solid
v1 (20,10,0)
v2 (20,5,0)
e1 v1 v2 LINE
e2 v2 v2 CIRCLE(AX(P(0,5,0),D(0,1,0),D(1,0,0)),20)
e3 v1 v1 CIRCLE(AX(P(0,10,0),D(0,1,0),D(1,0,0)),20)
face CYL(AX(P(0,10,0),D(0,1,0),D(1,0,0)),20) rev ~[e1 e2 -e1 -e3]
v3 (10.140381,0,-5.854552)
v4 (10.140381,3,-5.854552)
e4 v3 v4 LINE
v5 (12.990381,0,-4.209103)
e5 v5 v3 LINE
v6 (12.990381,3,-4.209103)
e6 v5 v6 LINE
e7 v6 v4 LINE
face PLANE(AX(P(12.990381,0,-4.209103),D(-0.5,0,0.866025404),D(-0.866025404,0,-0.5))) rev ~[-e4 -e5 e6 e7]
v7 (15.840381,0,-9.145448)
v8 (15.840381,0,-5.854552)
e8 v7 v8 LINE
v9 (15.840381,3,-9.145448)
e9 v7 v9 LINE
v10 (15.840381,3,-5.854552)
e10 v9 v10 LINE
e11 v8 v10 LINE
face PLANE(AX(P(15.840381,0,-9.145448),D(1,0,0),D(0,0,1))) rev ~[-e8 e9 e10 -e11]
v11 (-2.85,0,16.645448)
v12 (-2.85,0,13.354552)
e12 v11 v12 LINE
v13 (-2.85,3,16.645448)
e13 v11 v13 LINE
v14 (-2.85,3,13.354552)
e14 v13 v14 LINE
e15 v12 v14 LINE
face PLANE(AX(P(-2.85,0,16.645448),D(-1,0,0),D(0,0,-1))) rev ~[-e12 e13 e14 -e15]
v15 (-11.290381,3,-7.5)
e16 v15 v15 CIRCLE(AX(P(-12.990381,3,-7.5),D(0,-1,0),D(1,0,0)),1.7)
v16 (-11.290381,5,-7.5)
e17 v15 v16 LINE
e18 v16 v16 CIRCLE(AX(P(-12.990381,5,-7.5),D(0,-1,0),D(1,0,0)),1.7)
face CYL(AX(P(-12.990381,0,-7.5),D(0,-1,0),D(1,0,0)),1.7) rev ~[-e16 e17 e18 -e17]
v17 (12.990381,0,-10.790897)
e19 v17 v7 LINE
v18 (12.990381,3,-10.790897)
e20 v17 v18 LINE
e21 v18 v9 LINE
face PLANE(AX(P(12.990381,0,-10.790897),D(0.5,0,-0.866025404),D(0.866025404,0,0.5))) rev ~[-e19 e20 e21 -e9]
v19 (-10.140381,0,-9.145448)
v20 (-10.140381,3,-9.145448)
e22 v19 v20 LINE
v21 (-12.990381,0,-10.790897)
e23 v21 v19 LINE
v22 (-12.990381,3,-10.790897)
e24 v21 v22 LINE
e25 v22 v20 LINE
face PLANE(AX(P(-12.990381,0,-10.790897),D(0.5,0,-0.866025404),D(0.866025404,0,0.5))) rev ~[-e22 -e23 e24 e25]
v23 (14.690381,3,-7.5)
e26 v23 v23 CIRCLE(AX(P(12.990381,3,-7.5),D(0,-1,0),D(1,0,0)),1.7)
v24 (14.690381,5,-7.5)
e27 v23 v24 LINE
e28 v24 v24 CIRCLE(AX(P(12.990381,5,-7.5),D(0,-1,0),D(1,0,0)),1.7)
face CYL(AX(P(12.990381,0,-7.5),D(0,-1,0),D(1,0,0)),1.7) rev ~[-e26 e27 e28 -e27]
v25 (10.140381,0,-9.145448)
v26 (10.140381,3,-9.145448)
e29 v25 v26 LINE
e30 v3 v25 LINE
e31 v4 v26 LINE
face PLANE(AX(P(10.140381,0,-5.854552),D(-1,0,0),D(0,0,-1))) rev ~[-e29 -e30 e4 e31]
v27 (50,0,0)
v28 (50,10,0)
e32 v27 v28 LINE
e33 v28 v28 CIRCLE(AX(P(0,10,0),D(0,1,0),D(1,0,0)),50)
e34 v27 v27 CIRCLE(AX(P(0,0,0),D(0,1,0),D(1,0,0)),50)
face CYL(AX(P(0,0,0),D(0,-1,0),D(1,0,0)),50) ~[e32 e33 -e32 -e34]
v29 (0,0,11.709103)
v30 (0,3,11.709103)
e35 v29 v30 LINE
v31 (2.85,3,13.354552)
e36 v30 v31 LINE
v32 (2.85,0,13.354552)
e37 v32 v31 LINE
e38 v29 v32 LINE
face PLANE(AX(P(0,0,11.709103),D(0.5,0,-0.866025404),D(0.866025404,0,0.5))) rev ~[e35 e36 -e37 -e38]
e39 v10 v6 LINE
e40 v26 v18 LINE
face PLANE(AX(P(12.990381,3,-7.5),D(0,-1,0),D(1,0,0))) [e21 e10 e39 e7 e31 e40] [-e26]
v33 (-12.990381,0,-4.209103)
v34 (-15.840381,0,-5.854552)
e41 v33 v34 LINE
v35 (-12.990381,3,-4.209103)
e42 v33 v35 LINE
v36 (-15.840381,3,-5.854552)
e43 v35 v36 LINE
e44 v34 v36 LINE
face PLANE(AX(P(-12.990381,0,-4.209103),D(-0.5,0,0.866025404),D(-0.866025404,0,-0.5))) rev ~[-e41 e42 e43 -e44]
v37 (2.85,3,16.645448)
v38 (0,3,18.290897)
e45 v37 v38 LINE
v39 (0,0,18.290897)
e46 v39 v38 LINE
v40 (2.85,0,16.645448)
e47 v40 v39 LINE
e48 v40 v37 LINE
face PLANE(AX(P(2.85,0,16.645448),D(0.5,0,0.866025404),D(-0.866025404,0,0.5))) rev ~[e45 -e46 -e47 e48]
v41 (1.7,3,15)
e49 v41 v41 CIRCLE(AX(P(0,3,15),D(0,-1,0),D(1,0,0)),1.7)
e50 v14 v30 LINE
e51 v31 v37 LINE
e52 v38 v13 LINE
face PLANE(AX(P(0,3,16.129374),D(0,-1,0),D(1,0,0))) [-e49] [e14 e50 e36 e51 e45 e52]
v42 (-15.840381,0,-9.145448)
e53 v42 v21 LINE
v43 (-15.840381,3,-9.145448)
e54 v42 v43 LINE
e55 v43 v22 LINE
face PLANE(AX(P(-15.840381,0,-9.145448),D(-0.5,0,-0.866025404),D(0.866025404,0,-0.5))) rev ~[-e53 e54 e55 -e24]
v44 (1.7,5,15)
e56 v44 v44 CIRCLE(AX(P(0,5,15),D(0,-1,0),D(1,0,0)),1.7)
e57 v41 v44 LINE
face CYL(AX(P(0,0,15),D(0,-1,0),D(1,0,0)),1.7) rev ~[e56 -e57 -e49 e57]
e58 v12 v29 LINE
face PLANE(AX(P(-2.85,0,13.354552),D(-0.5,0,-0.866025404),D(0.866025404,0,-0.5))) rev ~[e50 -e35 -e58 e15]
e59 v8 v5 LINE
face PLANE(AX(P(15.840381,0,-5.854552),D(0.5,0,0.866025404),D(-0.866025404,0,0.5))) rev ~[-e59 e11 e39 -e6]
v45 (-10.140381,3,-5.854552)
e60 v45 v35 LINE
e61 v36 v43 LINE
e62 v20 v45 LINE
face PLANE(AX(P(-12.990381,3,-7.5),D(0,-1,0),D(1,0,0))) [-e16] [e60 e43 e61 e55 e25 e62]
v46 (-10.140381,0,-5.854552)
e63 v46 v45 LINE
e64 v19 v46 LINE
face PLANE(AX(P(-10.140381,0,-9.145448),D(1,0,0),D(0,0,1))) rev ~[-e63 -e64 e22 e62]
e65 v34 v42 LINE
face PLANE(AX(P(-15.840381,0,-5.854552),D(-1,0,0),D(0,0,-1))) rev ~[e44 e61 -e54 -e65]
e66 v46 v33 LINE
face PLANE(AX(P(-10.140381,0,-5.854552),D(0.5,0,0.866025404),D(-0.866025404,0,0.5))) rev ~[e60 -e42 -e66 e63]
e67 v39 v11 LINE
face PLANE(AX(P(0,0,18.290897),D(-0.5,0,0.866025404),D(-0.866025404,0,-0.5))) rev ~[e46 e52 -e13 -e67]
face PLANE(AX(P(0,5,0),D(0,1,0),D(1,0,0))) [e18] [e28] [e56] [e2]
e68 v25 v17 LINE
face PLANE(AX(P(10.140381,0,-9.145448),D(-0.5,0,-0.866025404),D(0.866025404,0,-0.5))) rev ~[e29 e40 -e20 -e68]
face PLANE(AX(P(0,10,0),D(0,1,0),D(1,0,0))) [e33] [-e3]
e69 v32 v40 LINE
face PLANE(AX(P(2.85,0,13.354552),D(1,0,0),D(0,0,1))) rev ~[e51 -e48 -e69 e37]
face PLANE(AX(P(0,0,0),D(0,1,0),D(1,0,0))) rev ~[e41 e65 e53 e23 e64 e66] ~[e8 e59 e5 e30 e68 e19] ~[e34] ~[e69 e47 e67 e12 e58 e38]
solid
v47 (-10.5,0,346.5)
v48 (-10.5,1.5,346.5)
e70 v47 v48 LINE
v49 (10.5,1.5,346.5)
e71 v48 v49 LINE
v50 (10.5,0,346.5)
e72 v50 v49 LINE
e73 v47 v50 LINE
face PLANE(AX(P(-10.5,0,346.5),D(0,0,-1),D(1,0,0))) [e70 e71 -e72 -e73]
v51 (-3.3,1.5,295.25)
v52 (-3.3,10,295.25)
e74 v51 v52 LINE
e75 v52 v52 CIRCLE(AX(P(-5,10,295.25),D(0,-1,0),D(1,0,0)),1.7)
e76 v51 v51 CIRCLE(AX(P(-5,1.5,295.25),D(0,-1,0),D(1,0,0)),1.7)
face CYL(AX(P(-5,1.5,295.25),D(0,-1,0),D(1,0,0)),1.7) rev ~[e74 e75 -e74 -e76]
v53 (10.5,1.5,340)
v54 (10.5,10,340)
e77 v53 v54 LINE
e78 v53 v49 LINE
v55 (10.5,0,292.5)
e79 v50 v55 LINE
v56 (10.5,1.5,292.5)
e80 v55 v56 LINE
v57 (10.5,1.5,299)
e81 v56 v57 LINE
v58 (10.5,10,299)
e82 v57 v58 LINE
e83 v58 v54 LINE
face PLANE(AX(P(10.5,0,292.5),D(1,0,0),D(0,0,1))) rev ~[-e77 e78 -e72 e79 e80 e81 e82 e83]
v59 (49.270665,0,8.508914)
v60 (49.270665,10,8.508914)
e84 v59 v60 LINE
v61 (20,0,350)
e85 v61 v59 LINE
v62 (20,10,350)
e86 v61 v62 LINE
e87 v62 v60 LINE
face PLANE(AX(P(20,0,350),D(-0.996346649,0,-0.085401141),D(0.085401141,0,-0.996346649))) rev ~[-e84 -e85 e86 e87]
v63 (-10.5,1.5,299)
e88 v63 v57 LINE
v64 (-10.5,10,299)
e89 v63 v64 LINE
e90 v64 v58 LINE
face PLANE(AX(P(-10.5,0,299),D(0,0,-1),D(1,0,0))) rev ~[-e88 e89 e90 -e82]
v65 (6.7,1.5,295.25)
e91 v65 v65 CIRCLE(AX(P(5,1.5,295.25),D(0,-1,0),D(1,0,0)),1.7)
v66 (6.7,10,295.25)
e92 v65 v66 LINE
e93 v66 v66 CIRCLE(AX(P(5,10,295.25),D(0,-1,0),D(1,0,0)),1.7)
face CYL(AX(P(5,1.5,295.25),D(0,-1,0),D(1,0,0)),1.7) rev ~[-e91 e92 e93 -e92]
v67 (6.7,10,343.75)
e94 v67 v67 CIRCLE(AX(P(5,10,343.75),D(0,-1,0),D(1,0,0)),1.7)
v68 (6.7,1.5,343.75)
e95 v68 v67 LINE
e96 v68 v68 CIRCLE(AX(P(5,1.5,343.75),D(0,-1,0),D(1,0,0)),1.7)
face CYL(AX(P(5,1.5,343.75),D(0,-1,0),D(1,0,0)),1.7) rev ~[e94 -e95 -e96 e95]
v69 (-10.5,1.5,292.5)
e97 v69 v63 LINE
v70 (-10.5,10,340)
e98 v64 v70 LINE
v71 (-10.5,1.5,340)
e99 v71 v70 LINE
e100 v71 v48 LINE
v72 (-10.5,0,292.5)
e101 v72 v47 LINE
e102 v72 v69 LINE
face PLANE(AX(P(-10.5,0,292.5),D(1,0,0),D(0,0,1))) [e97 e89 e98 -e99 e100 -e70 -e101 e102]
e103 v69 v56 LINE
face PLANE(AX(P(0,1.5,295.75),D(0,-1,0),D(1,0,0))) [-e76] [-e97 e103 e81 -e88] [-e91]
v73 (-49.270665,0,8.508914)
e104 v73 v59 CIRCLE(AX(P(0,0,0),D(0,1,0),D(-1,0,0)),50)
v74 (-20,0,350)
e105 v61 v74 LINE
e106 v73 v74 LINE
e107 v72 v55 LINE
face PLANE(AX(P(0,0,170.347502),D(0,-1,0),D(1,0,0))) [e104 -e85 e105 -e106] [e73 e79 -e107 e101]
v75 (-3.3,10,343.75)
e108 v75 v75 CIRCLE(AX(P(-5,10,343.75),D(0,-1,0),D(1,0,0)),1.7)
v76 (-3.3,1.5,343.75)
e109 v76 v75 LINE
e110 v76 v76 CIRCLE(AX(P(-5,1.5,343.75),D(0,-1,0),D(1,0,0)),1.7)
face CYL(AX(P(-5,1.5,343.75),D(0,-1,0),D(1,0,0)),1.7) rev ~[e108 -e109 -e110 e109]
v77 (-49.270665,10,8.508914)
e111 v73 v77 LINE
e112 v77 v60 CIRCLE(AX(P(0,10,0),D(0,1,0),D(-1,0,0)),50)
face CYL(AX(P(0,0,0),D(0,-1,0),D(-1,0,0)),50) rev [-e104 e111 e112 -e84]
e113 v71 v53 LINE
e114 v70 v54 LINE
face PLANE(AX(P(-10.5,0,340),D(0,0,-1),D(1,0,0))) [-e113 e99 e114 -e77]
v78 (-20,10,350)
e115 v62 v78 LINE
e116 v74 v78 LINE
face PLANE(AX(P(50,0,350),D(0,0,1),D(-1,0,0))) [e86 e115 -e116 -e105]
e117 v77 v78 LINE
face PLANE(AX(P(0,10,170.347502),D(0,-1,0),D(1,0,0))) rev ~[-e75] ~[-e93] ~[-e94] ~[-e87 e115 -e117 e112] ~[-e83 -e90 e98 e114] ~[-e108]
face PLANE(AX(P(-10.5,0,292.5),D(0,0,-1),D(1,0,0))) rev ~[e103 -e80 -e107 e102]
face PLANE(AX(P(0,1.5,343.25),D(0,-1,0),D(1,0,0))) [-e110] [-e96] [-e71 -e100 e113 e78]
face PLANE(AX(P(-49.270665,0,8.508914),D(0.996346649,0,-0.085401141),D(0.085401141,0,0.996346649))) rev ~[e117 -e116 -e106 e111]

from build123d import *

# Parameters (mm, degrees)
SKETCH1_R           = 50
BOSS_EXTRUDE1_DEPTH = 10
SKETCH2_R           = 20
CUT_EXTRUDE1_DEPTH  = 5
CUT_EXTRUDE6_DEPTH  = 3
SKETCH8_R           = 1.7
CUT_EXTRUDE7_DEPTH  = 10
BOSS_EXTRUDE3_DEPTH = 10
SKETCH10_W          = 21
SKETCH10_H          = 41
CUT_EXTRUDE8_DEPTH  = 10
SKETCH11_W          = 21
SKETCH11_H          = 6.5
CUT_EXTRUDE9_DEPTH  = 1.5
SKETCH12_R          = 1.7
CUT_EXTRUDE10_DEPTH = 9
CUT_EXTRUDE11_DEPTH = 10


with BuildPart() as part:
    # Sketch1 → Boss-Extrude1 (new body)
    with BuildSketch(Plane(origin=(0, 0, 0), x_dir=(1, 0, 0), z_dir=(0, 1, 0))):
        Circle(SKETCH1_R)
    extrude(amount=BOSS_EXTRUDE1_DEPTH)

    # Sketch2 → Cut-Extrude1 (cut)
    with BuildSketch(Plane(origin=(0, 10, 0), x_dir=(1, 0, 0), z_dir=(0, 1, 0))):
        Circle(SKETCH2_R)
    extrude(amount=-CUT_EXTRUDE1_DEPTH, mode=Mode.SUBTRACT)

    # Sketch7 → Cut-Extrude6 (cut)
    with BuildSketch(Plane.XZ):
        with BuildLine():
            ThreePointArc((-2.85, 14.726761355), (0, 15), (2.85, 14.726761355))
            Line((2.85, 14.726761355), (2.85, 16.645448267))
            Line((2.85, 16.645448267), (0, 18.290896534))
            Line((0, 18.290896534), (-2.85, 16.645448267))
            Line((-2.85, 16.645448267), (-2.85, 14.726761355))
        make_face()
        with BuildLine():
            Line((2.85, 13.354551733), (2.85, 14.726761355))
            ThreePointArc((2.85, 14.726761355), (0, 15), (-2.85, 14.726761355))
            Line((-2.85, 14.726761355), (-2.85, 13.354551733))
            Line((-2.85, 13.354551733), (0, 11.709103466))
            Line((0, 11.709103466), (2.85, 13.354551733))
        make_face()
        Polygon((-12.990381057, -4.209103466), (-15.840381057, -5.854551733), (-15.840381057, -9.145448267), (-12.990381057, -10.790896534), (-10.140381057, -9.145448267), (-10.140381057, -5.854551733), align=None)
        Polygon((15.840381057, -5.854551733), (12.990381057, -4.209103466), (10.140381057, -5.854551733), (10.140381057, -9.145448267), (12.990381057, -10.790896534), (15.840381057, -9.145448267), align=None)
    extrude(amount=-CUT_EXTRUDE6_DEPTH, mode=Mode.SUBTRACT)

    # Sketch8 → Cut-Extrude7 (cut)
    with BuildSketch(Plane.XZ):
        with Locations((0, 15)):
            Circle(SKETCH8_R)
        with Locations((12.990381057, -7.5)):
            Circle(SKETCH8_R)
        with Locations((-12.990381057, -7.5)):
            Circle(SKETCH8_R)
    extrude(amount=-CUT_EXTRUDE7_DEPTH, mode=Mode.SUBTRACT)


with BuildPart() as body_2:
    # Sketch9 → Boss-Extrude3 (new body)
    with BuildSketch(Plane.XZ):
        with BuildLine():
            Line((-50, 350), (-50, 0))
            ThreePointArc((-50, 0), (0, 50), (50, 0))
            Line((50, 0), (50, 350))
            Line((50, 350), (-50, 350))
        make_face()
    extrude(amount=-BOSS_EXTRUDE3_DEPTH)

    # Sketch10 → Cut-Extrude8 (cut)
    with BuildSketch(Plane.XZ):
        with Locations((0, 319.5)):
            Rectangle(SKETCH10_W, SKETCH10_H)
    extrude(amount=-CUT_EXTRUDE8_DEPTH, mode=Mode.SUBTRACT)

    # Sketch11 → Cut-Extrude9 (cut)
    with BuildSketch(Plane.XZ):
        with Locations((0, 343.25)):
            Rectangle(SKETCH11_W, SKETCH11_H)
        with Locations((0, 295.75)):
            Rectangle(SKETCH11_W, SKETCH11_H)
    extrude(amount=-CUT_EXTRUDE9_DEPTH, mode=Mode.SUBTRACT)

    # Sketch12 → Cut-Extrude10 (cut)
    with BuildSketch(Plane.XZ.offset(-1.5)):
        with Locations((-5, 343.75)):
            Circle(SKETCH12_R)
        with Locations((5, 343.75)):
            Circle(SKETCH12_R)
        with Locations((-5, 295.25)):
            Circle(SKETCH12_R)
        with Locations((5, 295.25)):
            Circle(SKETCH12_R)
    extrude(amount=-CUT_EXTRUDE10_DEPTH, mode=Mode.SUBTRACT)

    # Sketch13 → Cut-Extrude11 (cut)
    with BuildSketch(Plane.XZ):
        with BuildLine():
            Line((-50, 350), (-50, 0))
            ThreePointArc((-50, 0), (-49.817332452, 4.270057067), (-49.270664506, 8.5089141))
            Line((-49.270664506, 8.5089141), (-20, 350))
            Line((-20, 350), (-50, 350))
        make_face()
        with BuildLine():
            Line((20, 350), (49.270664506, 8.5089141))
            ThreePointArc((49.270664506, 8.5089141), (49.817332452, 4.270057067), (50, 0))
            Line((50, 0), (50, 350))
            Line((50, 350), (20, 350))
        make_face()
    extrude(amount=-CUT_EXTRUDE11_DEPTH, mode=Mode.SUBTRACT)


solid = Compound([part.part, body_2.part])
